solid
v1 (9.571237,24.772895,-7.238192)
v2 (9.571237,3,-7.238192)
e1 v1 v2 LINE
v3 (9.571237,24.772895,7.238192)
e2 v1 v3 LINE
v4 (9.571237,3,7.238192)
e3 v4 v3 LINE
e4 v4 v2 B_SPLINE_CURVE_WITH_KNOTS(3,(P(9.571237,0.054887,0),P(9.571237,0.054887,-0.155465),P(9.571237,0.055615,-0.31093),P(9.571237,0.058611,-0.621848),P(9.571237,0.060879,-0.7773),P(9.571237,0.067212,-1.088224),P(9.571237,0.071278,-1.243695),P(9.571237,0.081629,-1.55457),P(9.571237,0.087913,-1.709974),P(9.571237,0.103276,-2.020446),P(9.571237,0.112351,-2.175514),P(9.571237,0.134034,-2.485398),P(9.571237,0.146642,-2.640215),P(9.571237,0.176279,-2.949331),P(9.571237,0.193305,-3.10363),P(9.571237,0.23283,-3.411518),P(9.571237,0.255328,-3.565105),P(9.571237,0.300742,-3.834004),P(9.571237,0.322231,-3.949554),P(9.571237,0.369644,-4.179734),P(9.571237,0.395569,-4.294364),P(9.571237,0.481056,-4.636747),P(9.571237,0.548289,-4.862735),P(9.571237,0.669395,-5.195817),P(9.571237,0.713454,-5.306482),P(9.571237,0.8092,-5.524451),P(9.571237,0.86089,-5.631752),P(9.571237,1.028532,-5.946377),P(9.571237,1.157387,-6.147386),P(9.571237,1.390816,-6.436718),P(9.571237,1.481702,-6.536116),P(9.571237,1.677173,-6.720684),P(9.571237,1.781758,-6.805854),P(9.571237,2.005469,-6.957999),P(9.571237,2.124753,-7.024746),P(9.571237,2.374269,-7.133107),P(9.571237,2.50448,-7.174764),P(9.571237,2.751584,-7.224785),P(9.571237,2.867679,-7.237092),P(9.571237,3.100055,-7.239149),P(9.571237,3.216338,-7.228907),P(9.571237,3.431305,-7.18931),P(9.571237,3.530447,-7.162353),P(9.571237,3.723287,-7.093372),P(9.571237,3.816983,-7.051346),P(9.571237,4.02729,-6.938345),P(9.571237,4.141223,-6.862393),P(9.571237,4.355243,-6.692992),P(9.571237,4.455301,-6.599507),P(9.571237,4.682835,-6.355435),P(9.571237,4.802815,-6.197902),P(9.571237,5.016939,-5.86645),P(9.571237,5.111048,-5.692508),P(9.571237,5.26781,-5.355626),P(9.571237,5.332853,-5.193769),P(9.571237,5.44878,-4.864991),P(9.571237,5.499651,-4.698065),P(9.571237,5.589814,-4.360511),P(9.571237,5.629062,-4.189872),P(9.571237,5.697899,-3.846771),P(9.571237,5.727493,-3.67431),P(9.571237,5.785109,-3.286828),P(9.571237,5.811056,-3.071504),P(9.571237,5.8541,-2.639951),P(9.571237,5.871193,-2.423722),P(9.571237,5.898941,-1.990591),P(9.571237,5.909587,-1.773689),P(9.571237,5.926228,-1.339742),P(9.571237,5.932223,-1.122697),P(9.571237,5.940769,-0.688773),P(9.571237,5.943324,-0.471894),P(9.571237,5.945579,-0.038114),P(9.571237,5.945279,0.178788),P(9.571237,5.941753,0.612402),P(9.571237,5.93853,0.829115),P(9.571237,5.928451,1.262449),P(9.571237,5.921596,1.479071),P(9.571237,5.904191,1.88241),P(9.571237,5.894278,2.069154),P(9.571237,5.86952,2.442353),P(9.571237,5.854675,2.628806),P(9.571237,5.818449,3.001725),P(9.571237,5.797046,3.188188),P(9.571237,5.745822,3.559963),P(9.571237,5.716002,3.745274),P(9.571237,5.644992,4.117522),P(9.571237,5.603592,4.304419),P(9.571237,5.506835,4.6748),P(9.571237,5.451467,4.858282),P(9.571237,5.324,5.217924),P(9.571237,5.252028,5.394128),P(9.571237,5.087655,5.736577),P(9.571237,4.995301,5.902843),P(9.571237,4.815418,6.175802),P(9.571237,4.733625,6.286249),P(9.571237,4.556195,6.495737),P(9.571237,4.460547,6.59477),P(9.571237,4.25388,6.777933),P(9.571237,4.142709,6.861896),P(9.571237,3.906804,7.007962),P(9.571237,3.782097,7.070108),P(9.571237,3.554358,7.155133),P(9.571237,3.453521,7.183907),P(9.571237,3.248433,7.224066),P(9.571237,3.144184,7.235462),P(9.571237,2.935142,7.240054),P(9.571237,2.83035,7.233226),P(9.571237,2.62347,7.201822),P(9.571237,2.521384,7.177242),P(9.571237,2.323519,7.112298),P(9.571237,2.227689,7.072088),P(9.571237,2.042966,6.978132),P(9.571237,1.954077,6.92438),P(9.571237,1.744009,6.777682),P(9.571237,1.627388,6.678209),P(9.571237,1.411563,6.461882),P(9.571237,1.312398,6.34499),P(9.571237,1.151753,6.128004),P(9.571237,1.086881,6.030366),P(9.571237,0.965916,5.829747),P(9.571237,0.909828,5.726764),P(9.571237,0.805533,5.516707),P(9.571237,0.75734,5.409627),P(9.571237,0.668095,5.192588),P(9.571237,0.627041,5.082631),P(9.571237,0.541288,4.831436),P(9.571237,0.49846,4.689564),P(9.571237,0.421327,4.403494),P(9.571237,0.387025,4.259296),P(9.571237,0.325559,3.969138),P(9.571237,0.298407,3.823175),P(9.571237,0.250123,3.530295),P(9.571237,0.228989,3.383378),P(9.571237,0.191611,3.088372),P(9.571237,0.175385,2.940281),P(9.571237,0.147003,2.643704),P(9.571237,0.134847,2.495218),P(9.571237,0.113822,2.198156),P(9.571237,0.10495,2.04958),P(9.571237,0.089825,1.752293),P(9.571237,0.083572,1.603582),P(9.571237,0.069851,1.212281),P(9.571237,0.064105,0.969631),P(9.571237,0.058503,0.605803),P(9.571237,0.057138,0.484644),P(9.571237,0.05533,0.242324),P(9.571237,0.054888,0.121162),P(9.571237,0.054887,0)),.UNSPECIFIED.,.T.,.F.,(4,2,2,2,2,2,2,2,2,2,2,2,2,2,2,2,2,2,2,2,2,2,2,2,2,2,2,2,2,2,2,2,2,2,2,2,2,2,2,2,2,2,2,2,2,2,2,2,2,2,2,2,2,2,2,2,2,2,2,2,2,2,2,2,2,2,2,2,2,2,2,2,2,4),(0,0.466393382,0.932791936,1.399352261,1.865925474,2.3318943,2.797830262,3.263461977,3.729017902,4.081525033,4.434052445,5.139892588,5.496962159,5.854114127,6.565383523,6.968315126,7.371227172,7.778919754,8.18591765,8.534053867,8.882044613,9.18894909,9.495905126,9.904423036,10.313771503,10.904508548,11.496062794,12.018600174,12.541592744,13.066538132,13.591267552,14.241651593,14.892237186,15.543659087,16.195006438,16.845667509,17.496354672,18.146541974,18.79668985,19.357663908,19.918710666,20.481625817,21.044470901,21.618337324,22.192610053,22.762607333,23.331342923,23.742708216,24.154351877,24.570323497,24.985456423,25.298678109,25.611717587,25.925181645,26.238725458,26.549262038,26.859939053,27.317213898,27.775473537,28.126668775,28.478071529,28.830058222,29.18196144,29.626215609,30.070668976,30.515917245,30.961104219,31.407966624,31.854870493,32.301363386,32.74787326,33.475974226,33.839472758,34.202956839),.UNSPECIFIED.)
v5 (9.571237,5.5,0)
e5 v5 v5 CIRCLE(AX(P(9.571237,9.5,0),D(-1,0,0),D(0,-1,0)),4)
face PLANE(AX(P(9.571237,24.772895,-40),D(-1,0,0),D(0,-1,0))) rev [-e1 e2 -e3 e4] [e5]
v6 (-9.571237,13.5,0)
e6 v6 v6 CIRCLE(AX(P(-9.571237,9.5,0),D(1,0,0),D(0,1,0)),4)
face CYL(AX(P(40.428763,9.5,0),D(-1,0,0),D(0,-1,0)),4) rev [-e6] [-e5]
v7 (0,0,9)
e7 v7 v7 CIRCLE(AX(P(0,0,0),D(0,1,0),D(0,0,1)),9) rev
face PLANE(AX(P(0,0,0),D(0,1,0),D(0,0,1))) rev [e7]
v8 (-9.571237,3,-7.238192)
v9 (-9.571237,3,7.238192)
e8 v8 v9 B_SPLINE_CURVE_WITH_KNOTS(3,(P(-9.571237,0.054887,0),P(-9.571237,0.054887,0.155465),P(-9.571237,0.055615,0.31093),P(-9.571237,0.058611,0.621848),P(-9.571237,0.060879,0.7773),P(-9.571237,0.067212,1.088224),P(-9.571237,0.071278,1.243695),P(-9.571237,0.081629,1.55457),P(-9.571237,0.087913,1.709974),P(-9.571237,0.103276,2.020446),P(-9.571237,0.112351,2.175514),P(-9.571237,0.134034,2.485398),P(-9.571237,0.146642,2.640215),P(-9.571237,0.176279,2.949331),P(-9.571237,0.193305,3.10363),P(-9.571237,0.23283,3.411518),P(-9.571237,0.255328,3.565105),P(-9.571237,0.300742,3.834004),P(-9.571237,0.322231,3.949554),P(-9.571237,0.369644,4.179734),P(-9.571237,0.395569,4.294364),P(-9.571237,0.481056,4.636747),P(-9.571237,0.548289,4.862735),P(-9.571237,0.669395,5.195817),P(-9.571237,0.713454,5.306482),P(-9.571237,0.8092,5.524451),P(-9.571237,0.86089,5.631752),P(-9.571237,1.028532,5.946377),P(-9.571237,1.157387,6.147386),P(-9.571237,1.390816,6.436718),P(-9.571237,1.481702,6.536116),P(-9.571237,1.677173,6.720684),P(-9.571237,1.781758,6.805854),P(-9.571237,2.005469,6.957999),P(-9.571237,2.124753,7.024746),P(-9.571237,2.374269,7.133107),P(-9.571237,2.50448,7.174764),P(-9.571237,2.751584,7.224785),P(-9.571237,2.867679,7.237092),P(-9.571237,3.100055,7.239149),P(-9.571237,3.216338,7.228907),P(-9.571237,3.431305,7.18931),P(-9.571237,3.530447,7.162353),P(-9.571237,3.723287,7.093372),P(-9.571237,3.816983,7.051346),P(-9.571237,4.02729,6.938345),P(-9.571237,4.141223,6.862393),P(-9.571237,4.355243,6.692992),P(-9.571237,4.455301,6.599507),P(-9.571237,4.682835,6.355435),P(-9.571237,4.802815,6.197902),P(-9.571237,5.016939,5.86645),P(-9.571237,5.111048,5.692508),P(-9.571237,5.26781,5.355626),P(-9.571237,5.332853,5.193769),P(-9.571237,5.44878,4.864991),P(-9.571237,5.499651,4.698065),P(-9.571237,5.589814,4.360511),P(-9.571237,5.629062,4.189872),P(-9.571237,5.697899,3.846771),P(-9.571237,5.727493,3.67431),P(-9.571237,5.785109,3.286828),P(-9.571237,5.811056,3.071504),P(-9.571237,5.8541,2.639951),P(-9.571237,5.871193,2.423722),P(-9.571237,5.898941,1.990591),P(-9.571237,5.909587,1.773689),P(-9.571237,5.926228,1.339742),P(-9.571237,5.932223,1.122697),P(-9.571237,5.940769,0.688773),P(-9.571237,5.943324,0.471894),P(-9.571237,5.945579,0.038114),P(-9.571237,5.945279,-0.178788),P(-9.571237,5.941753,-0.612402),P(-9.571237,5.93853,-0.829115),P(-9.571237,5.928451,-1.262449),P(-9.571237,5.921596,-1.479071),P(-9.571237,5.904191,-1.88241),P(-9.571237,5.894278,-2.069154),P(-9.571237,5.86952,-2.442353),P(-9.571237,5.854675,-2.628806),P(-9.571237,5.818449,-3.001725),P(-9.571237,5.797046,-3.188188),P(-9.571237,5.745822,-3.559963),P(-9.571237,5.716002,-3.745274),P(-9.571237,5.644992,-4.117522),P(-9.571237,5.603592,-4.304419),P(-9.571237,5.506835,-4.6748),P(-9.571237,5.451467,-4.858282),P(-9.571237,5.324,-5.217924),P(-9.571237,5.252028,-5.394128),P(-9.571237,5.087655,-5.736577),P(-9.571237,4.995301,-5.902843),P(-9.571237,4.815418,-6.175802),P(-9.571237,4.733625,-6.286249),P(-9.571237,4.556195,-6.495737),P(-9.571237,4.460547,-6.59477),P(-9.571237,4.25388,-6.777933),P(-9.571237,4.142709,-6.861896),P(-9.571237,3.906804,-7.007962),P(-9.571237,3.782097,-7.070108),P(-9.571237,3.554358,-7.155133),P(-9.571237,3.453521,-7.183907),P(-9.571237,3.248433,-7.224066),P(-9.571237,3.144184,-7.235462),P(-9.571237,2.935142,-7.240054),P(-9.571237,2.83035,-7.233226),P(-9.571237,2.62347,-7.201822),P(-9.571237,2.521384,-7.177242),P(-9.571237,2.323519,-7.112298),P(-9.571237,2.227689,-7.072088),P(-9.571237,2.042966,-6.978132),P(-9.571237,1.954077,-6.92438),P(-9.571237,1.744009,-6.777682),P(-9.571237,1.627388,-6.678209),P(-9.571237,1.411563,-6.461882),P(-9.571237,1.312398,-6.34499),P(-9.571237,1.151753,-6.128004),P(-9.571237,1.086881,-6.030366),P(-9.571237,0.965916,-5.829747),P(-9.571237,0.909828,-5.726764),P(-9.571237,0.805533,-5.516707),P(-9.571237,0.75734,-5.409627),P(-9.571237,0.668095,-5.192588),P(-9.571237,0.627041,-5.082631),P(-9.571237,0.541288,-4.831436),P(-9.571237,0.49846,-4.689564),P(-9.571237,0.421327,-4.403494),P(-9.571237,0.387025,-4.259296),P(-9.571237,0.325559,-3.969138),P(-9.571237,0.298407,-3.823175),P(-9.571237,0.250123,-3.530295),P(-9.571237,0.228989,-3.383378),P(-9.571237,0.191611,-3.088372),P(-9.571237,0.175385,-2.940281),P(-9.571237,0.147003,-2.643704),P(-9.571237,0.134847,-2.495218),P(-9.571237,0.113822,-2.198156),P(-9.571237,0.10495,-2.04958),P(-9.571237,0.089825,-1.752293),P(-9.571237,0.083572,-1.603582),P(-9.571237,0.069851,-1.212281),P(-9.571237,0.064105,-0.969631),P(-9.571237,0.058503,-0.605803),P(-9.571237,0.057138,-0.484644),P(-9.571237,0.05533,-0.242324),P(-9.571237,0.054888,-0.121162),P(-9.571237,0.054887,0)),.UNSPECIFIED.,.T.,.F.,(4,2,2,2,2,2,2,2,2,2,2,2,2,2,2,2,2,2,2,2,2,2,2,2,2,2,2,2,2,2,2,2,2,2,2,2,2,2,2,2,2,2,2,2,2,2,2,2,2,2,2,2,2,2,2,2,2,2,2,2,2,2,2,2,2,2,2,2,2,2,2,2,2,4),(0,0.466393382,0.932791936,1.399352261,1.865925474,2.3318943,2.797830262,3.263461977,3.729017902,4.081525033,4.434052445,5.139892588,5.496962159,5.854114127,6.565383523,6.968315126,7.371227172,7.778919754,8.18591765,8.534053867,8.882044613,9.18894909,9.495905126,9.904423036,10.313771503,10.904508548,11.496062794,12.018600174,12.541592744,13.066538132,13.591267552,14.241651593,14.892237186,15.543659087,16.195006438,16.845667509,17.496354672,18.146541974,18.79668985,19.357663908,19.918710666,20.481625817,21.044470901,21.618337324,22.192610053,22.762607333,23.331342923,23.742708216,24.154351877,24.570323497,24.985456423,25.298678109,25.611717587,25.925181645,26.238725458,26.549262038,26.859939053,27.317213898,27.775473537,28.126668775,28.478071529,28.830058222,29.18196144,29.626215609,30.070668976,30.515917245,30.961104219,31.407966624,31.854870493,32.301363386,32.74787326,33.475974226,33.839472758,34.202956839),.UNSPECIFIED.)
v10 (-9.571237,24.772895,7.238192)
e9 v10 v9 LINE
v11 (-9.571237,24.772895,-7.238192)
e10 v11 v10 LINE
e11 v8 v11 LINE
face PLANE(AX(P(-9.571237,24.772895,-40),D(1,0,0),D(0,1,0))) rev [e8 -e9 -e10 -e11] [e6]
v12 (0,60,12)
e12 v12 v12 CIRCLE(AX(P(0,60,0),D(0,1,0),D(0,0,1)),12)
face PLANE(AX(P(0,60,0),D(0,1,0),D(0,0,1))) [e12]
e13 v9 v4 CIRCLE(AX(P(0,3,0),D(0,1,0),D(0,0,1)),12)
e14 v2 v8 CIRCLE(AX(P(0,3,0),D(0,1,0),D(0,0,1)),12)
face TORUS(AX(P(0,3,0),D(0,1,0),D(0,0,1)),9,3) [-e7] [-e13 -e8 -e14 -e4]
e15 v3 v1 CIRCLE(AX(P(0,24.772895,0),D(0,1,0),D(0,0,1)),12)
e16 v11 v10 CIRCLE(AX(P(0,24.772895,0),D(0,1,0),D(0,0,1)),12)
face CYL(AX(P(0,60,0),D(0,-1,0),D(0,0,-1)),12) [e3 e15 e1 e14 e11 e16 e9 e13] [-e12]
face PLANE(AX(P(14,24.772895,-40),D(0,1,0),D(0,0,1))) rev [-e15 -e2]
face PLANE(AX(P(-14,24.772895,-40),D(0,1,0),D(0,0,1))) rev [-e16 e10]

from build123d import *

# Parameters (mm, degrees)
SKETCH_1_R          = 12
EXTRUDE_1_DEPTH     = 60
FILLET_1_R          = 3
SKETCH_2_W          = 4.428763437
SKETCH_2_H          = 29.827900754
CUT_EXTRUDE_1_DEPTH = 40
SKETCH_6_R          = 4
CUT_EXTRUDE_2_DEPTH = 50


with BuildPart() as part:
    # Эскиз1 → Вытянуть1 (new body)
    with BuildSketch(Plane(origin=(0, 0, 0), x_dir=(1, 0, 0), z_dir=(0, 1, 0))):
        with Locations(Location((0, 0, 0), (0, 0, 270))):
            Circle(SKETCH_1_R)
    extrude(amount=EXTRUDE_1_DEPTH)

    # Скругление1
    fillet_1_edges = [part.edges().sort_by_distance(p)[0] for p in [
        (0, 0, -12),
    ]]
    fillet(fillet_1_edges, radius=FILLET_1_R)

    # Эскиз2 → Вырез-Вытянуть1 (cut, symmetric)
    with BuildSketch(Plane.XY):
        with Locations((-11.785618281, 9.858944965)):
            Rectangle(SKETCH_2_W, SKETCH_2_H)
        with Locations((11.785618281, 9.858944965)):
            Rectangle(SKETCH_2_W, SKETCH_2_H)
    extrude(amount=CUT_EXTRUDE_1_DEPTH, both=True, mode=Mode.SUBTRACT)

    # Эскиз6 → Вырез-Вытянуть2 (cut, symmetric)
    with BuildSketch(Plane.ZY.offset(9.571236563)):
        with Locations(Location((0, 9.5, 0), (0, 0, 270))):
            Circle(SKETCH_6_R)
    extrude(amount=CUT_EXTRUDE_2_DEPTH, both=True, mode=Mode.SUBTRACT)


solid = part.part
